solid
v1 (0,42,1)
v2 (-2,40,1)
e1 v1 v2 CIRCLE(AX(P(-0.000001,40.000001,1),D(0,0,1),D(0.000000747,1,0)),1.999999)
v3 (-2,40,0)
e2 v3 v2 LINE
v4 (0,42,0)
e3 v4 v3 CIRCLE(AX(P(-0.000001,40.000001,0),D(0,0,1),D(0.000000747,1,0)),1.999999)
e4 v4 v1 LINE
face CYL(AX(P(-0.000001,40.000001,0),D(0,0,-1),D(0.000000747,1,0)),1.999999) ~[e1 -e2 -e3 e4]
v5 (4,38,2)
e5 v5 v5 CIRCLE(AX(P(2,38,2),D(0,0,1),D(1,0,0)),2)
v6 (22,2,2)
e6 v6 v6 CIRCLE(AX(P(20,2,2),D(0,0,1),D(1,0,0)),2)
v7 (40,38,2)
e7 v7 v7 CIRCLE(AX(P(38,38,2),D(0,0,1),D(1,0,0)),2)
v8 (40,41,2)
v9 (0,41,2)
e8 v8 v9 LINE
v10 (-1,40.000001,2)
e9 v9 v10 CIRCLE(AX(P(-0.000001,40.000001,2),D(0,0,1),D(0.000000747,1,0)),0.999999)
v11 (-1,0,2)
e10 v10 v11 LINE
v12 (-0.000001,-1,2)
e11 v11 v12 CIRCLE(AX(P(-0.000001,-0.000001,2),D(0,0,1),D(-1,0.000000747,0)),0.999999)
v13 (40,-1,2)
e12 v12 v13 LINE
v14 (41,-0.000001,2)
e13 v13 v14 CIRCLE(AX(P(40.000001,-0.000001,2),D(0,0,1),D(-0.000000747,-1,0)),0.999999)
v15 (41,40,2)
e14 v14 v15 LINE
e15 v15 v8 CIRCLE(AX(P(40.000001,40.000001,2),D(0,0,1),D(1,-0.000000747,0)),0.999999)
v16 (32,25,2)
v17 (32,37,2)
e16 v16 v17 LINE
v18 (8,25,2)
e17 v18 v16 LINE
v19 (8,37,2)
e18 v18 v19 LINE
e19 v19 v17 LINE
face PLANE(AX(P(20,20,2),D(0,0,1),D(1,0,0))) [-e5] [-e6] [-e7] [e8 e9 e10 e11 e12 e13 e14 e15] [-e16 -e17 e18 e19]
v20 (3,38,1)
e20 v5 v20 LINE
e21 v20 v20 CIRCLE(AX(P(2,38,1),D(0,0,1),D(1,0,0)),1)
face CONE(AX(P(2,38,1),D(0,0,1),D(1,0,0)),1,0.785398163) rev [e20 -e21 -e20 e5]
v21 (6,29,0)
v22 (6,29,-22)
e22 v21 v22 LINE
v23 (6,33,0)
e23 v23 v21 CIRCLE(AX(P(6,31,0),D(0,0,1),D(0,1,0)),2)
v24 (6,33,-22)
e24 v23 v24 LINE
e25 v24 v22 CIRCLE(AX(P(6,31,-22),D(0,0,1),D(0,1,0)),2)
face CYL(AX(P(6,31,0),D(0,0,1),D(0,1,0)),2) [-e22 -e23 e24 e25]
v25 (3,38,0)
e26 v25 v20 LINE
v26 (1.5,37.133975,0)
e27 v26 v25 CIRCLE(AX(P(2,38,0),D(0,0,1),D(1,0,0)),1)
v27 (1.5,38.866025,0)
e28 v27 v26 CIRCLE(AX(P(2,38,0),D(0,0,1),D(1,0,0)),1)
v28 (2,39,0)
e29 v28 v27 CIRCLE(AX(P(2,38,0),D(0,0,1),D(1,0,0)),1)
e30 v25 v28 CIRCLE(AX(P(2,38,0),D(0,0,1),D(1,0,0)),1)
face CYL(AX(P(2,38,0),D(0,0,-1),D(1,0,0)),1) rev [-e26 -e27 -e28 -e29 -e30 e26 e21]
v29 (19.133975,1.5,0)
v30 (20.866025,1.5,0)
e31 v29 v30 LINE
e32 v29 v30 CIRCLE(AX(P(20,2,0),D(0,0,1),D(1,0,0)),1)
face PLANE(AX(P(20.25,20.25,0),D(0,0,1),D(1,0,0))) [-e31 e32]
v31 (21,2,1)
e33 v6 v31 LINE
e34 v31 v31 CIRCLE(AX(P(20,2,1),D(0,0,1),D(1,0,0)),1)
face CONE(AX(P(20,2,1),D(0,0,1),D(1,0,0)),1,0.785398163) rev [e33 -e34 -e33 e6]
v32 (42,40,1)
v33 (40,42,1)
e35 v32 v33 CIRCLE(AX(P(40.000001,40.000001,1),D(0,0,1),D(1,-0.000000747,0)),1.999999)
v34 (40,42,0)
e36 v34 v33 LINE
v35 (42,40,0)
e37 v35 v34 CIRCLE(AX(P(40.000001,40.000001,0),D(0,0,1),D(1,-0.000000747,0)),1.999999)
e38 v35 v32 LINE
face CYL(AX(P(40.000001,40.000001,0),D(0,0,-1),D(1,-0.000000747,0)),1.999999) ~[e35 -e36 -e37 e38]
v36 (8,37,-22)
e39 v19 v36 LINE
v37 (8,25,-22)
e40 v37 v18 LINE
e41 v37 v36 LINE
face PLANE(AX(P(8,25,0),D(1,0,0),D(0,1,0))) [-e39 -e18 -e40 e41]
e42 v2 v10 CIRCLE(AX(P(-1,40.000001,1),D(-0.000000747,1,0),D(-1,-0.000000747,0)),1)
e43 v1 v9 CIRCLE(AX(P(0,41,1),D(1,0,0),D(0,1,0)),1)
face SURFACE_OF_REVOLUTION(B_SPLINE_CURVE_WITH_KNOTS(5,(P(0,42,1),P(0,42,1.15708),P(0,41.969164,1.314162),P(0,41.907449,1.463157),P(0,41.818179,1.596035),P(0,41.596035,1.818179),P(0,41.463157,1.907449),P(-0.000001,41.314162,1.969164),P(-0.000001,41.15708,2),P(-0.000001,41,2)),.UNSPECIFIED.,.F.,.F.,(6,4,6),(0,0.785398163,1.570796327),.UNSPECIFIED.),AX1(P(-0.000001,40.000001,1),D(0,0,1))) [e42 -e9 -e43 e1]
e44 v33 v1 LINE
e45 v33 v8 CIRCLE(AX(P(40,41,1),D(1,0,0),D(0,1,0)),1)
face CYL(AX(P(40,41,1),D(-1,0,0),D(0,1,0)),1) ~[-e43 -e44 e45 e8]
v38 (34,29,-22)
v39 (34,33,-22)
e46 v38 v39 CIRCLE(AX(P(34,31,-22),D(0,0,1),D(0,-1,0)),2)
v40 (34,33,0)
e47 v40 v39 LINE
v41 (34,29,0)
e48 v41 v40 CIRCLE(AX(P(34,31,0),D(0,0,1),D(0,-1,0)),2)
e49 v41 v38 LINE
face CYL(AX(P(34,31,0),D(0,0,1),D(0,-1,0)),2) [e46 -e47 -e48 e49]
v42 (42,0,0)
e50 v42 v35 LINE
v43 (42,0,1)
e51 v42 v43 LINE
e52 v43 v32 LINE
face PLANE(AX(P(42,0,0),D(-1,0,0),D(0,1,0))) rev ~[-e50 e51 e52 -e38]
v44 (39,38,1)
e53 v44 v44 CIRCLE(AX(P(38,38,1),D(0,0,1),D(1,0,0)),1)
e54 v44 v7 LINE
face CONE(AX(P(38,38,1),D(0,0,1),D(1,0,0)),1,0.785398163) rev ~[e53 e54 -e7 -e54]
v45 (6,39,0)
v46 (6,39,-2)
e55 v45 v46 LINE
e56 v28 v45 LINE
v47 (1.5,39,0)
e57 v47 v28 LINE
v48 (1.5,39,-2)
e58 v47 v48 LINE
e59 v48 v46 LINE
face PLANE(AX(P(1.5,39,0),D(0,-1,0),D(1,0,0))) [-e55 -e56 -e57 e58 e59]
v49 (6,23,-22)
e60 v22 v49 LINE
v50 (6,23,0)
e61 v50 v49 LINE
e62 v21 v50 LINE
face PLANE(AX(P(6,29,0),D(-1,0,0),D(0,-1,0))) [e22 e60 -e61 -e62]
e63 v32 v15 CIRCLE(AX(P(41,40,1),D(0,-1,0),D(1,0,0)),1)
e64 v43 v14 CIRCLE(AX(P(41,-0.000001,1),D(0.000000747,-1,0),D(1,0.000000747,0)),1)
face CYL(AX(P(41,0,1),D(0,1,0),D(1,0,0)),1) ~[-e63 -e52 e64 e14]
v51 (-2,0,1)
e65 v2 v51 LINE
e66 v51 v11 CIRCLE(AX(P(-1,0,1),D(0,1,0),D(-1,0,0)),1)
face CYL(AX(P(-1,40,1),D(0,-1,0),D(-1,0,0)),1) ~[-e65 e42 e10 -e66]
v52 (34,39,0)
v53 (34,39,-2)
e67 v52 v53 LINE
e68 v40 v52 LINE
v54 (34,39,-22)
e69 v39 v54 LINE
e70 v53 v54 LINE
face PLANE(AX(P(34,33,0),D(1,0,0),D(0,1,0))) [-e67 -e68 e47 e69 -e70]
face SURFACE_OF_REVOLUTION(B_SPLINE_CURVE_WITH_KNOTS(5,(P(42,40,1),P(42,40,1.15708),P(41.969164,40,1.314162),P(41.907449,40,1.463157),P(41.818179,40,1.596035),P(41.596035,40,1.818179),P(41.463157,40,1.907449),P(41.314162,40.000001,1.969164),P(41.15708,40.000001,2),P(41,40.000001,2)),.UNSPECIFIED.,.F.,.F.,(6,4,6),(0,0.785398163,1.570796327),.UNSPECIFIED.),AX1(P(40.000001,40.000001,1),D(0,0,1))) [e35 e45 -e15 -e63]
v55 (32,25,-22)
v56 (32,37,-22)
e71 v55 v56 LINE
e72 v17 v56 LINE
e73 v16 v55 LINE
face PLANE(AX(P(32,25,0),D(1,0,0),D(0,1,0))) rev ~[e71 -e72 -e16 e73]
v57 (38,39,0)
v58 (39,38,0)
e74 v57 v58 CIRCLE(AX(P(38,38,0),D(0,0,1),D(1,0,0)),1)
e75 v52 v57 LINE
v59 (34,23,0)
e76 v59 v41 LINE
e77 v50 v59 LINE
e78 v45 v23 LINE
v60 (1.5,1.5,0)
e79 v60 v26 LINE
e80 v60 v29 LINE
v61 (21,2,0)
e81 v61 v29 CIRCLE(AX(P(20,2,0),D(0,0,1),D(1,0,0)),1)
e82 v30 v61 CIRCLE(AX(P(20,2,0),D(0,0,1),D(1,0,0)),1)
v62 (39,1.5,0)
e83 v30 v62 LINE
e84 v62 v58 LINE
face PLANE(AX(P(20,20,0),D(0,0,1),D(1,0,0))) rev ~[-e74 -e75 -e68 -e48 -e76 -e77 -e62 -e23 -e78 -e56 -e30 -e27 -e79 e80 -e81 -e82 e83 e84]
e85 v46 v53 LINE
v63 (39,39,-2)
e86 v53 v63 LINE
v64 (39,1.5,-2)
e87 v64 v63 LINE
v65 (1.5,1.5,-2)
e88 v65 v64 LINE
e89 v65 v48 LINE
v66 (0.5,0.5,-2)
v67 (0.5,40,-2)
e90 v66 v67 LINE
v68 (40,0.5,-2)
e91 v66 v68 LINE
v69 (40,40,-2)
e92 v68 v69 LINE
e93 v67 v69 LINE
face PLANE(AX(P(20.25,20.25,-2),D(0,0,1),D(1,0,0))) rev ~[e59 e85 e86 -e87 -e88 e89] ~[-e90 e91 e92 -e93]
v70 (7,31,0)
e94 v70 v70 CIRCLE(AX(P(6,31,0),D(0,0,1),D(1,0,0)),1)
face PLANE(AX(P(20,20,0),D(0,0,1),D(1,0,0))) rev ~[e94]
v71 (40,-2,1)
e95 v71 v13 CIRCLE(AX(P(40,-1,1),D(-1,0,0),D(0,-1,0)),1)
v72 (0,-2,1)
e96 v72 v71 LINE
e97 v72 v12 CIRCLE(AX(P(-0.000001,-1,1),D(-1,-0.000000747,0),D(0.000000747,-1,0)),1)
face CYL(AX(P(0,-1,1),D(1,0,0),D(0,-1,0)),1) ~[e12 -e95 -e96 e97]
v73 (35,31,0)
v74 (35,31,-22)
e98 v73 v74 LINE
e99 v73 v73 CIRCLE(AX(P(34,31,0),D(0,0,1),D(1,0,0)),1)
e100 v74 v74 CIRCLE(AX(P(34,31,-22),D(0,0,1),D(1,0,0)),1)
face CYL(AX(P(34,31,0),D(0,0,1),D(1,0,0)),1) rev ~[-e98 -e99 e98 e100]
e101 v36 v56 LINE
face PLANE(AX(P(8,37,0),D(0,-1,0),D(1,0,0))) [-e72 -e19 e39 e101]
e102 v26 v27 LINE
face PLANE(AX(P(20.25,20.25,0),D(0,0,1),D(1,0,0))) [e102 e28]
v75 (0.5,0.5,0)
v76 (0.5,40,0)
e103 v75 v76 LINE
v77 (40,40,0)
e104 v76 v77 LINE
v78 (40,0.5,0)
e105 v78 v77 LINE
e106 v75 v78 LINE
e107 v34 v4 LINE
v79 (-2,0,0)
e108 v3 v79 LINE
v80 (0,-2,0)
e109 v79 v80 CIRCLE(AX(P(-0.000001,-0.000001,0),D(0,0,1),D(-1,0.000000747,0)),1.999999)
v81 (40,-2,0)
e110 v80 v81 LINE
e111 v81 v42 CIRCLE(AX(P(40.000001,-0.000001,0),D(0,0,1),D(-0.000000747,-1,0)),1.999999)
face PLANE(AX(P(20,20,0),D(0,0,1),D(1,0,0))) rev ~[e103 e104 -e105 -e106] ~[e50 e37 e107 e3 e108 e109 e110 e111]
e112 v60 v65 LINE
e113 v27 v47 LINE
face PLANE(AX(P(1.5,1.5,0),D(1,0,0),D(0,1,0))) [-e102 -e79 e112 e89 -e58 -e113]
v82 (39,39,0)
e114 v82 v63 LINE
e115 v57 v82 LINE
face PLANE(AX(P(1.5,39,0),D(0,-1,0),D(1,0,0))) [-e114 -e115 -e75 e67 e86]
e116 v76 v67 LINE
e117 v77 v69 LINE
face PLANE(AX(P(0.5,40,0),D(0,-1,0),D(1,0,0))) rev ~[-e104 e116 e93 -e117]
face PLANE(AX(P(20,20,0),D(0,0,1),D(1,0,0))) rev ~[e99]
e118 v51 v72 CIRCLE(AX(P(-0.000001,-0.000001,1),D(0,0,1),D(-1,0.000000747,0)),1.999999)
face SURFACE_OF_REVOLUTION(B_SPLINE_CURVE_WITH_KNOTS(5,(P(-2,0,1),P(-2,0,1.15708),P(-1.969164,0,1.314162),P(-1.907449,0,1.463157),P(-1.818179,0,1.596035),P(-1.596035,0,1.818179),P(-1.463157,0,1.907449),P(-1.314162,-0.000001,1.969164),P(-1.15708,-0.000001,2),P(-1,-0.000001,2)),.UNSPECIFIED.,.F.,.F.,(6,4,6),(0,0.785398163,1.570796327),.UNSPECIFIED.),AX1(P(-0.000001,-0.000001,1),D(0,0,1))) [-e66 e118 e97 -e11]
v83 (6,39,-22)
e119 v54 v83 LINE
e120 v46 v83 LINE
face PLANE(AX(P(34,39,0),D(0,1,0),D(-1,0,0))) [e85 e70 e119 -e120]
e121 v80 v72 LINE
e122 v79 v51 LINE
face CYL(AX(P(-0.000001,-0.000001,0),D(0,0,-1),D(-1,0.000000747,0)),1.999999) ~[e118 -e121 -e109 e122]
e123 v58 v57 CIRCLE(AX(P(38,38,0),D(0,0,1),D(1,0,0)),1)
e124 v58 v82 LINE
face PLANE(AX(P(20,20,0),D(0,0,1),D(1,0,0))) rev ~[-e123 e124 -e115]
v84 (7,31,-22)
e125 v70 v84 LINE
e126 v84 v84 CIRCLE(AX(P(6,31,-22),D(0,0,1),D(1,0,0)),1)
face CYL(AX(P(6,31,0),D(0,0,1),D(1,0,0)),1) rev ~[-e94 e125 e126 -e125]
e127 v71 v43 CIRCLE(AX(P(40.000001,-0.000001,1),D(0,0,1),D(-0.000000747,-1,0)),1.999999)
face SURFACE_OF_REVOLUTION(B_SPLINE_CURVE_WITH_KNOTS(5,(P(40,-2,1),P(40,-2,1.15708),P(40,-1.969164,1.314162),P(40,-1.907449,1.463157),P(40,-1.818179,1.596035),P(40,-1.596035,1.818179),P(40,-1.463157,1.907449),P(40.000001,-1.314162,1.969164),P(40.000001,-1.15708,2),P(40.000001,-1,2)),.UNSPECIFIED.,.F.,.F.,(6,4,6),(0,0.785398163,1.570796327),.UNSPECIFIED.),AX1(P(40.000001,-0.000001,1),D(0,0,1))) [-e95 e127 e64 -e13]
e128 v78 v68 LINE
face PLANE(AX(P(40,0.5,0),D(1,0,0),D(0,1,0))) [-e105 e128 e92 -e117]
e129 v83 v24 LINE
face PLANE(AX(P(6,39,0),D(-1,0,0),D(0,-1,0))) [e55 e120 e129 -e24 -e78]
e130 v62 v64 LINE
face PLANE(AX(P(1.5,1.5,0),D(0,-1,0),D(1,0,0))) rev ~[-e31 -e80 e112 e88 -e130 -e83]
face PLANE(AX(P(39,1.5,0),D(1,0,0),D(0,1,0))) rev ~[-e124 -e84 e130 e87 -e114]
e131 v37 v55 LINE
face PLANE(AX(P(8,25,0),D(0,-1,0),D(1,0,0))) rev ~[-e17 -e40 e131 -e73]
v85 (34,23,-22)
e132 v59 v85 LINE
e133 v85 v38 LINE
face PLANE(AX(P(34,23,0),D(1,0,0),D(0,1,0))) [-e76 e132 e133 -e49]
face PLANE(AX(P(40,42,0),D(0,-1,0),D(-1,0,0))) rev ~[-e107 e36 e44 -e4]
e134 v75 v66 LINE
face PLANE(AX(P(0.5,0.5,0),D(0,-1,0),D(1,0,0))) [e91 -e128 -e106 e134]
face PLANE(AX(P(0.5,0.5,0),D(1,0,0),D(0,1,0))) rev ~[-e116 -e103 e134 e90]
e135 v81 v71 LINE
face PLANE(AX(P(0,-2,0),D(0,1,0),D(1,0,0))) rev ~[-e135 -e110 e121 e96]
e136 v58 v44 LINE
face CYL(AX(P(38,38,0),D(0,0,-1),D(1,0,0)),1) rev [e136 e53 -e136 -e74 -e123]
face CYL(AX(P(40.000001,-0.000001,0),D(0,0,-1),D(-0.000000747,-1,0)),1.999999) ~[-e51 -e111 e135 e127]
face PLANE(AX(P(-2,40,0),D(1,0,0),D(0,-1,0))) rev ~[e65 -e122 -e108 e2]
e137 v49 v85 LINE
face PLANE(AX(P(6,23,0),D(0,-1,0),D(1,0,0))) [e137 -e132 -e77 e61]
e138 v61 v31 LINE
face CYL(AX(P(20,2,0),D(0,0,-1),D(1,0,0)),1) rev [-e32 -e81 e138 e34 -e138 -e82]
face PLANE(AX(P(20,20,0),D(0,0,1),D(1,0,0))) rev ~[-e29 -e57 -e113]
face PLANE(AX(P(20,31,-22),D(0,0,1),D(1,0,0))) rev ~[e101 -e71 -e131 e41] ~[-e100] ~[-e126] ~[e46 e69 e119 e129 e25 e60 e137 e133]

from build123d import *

# Parameters (mm, degrees)
SKETCH004_R      = 1
SKETCH004_W      = 24
SKETCH004_H      = 12
EXTRUDE003_DEPTH = 22
SKETCH006_W      = 39.5
SKETCH006_H      = 39.5
SKETCH006_W_2    = 37.5
SKETCH006_H_2    = 37.5
EXTRUDE004_DEPTH = 2
SKETCH003_R      = 1
SKETCH003_W      = 24
SKETCH003_H      = 12
EXTRUDE002_DEPTH = 2
FILLET001_R      = 1
CHAMFER_SIZE     = 1


with BuildPart() as extrude003:
    # Sketch004 → Extrude003 (new body)
    with BuildSketch(Plane.XY):
        with BuildLine():
            Line((34, 39), (6, 39))
            Line((6, 39), (6, 33))
            ThreePointArc((6, 33), (4, 31), (6, 29))
            Line((6, 29), (6, 23))
            Line((6, 23), (34, 23))
            Line((34, 23), (34, 29))
            ThreePointArc((34, 29), (36, 31), (34, 33))
            Line((34, 33), (34, 39))
        make_face()
        with Locations((6, 31)):
            Circle(SKETCH004_R, mode=Mode.SUBTRACT)
        with Locations((34, 31)):
            Circle(SKETCH004_R, mode=Mode.SUBTRACT)
        with Locations((20, 31)):
            Rectangle(SKETCH004_W, SKETCH004_H, mode=Mode.SUBTRACT)
    extrude(amount=-EXTRUDE003_DEPTH)


with BuildPart() as extrude004:
    # Sketch006 → Extrude004 (new body)
    with BuildSketch(Plane.XY):
        with Locations((20.25, 20.25)):
            Rectangle(SKETCH006_W, SKETCH006_H)
        with Locations((20.25, 20.25)):
            Rectangle(SKETCH006_W_2, SKETCH006_H_2, mode=Mode.SUBTRACT)
    extrude(amount=-EXTRUDE004_DEPTH)


with BuildPart() as chamfer_body:
    # Sketch003 → Extrude002 (new body)
    with BuildSketch(Plane.XY):
        with BuildLine():
            Line((0, -2), (40, -2))
            ThreePointArc((40, -2), (41.414214, -1.414214), (42, 0))
            Line((42, 0), (42, 40))
            ThreePointArc((42, 40), (41.414214, 41.414214), (40, 42))
            Line((40, 42), (0, 42))
            ThreePointArc((0, 42), (-1.414214, 41.414214), (-2, 40))
            Line((-2, 40), (-2, 0))
            ThreePointArc((-2, 0), (-1.414214, -1.414214), (0, -2))
        make_face()
        with Locations((2, 38)):
            Circle(SKETCH003_R, mode=Mode.SUBTRACT)
        with Locations((38, 38)):
            Circle(SKETCH003_R, mode=Mode.SUBTRACT)
        with Locations((20, 2)):
            Circle(SKETCH003_R, mode=Mode.SUBTRACT)
        with Locations((20, 31)):
            Rectangle(SKETCH003_W, SKETCH003_H, mode=Mode.SUBTRACT)
    extrude(amount=EXTRUDE002_DEPTH)

    # Fillet001
    fillet001_edges = [chamfer_body.edges().sort_by_distance(p)[0] for p in [
        (20, 42, 2),
    ]]
    fillet(fillet001_edges, radius=FILLET001_R)

    # Fusion001: union Extrude004
    add(extrude004.part)

    # Fusion002: union Extrude003
    add(extrude003.part)

    # Chamfer
    chamfer_edges = [chamfer_body.edges().sort_by_distance(p)[0] for p in [
        (19, 2, 2),
        (1, 38, 2),
        (37, 38, 2),
    ]]
    chamfer(chamfer_edges, length=CHAMFER_SIZE)


solid = chamfer_body.part
